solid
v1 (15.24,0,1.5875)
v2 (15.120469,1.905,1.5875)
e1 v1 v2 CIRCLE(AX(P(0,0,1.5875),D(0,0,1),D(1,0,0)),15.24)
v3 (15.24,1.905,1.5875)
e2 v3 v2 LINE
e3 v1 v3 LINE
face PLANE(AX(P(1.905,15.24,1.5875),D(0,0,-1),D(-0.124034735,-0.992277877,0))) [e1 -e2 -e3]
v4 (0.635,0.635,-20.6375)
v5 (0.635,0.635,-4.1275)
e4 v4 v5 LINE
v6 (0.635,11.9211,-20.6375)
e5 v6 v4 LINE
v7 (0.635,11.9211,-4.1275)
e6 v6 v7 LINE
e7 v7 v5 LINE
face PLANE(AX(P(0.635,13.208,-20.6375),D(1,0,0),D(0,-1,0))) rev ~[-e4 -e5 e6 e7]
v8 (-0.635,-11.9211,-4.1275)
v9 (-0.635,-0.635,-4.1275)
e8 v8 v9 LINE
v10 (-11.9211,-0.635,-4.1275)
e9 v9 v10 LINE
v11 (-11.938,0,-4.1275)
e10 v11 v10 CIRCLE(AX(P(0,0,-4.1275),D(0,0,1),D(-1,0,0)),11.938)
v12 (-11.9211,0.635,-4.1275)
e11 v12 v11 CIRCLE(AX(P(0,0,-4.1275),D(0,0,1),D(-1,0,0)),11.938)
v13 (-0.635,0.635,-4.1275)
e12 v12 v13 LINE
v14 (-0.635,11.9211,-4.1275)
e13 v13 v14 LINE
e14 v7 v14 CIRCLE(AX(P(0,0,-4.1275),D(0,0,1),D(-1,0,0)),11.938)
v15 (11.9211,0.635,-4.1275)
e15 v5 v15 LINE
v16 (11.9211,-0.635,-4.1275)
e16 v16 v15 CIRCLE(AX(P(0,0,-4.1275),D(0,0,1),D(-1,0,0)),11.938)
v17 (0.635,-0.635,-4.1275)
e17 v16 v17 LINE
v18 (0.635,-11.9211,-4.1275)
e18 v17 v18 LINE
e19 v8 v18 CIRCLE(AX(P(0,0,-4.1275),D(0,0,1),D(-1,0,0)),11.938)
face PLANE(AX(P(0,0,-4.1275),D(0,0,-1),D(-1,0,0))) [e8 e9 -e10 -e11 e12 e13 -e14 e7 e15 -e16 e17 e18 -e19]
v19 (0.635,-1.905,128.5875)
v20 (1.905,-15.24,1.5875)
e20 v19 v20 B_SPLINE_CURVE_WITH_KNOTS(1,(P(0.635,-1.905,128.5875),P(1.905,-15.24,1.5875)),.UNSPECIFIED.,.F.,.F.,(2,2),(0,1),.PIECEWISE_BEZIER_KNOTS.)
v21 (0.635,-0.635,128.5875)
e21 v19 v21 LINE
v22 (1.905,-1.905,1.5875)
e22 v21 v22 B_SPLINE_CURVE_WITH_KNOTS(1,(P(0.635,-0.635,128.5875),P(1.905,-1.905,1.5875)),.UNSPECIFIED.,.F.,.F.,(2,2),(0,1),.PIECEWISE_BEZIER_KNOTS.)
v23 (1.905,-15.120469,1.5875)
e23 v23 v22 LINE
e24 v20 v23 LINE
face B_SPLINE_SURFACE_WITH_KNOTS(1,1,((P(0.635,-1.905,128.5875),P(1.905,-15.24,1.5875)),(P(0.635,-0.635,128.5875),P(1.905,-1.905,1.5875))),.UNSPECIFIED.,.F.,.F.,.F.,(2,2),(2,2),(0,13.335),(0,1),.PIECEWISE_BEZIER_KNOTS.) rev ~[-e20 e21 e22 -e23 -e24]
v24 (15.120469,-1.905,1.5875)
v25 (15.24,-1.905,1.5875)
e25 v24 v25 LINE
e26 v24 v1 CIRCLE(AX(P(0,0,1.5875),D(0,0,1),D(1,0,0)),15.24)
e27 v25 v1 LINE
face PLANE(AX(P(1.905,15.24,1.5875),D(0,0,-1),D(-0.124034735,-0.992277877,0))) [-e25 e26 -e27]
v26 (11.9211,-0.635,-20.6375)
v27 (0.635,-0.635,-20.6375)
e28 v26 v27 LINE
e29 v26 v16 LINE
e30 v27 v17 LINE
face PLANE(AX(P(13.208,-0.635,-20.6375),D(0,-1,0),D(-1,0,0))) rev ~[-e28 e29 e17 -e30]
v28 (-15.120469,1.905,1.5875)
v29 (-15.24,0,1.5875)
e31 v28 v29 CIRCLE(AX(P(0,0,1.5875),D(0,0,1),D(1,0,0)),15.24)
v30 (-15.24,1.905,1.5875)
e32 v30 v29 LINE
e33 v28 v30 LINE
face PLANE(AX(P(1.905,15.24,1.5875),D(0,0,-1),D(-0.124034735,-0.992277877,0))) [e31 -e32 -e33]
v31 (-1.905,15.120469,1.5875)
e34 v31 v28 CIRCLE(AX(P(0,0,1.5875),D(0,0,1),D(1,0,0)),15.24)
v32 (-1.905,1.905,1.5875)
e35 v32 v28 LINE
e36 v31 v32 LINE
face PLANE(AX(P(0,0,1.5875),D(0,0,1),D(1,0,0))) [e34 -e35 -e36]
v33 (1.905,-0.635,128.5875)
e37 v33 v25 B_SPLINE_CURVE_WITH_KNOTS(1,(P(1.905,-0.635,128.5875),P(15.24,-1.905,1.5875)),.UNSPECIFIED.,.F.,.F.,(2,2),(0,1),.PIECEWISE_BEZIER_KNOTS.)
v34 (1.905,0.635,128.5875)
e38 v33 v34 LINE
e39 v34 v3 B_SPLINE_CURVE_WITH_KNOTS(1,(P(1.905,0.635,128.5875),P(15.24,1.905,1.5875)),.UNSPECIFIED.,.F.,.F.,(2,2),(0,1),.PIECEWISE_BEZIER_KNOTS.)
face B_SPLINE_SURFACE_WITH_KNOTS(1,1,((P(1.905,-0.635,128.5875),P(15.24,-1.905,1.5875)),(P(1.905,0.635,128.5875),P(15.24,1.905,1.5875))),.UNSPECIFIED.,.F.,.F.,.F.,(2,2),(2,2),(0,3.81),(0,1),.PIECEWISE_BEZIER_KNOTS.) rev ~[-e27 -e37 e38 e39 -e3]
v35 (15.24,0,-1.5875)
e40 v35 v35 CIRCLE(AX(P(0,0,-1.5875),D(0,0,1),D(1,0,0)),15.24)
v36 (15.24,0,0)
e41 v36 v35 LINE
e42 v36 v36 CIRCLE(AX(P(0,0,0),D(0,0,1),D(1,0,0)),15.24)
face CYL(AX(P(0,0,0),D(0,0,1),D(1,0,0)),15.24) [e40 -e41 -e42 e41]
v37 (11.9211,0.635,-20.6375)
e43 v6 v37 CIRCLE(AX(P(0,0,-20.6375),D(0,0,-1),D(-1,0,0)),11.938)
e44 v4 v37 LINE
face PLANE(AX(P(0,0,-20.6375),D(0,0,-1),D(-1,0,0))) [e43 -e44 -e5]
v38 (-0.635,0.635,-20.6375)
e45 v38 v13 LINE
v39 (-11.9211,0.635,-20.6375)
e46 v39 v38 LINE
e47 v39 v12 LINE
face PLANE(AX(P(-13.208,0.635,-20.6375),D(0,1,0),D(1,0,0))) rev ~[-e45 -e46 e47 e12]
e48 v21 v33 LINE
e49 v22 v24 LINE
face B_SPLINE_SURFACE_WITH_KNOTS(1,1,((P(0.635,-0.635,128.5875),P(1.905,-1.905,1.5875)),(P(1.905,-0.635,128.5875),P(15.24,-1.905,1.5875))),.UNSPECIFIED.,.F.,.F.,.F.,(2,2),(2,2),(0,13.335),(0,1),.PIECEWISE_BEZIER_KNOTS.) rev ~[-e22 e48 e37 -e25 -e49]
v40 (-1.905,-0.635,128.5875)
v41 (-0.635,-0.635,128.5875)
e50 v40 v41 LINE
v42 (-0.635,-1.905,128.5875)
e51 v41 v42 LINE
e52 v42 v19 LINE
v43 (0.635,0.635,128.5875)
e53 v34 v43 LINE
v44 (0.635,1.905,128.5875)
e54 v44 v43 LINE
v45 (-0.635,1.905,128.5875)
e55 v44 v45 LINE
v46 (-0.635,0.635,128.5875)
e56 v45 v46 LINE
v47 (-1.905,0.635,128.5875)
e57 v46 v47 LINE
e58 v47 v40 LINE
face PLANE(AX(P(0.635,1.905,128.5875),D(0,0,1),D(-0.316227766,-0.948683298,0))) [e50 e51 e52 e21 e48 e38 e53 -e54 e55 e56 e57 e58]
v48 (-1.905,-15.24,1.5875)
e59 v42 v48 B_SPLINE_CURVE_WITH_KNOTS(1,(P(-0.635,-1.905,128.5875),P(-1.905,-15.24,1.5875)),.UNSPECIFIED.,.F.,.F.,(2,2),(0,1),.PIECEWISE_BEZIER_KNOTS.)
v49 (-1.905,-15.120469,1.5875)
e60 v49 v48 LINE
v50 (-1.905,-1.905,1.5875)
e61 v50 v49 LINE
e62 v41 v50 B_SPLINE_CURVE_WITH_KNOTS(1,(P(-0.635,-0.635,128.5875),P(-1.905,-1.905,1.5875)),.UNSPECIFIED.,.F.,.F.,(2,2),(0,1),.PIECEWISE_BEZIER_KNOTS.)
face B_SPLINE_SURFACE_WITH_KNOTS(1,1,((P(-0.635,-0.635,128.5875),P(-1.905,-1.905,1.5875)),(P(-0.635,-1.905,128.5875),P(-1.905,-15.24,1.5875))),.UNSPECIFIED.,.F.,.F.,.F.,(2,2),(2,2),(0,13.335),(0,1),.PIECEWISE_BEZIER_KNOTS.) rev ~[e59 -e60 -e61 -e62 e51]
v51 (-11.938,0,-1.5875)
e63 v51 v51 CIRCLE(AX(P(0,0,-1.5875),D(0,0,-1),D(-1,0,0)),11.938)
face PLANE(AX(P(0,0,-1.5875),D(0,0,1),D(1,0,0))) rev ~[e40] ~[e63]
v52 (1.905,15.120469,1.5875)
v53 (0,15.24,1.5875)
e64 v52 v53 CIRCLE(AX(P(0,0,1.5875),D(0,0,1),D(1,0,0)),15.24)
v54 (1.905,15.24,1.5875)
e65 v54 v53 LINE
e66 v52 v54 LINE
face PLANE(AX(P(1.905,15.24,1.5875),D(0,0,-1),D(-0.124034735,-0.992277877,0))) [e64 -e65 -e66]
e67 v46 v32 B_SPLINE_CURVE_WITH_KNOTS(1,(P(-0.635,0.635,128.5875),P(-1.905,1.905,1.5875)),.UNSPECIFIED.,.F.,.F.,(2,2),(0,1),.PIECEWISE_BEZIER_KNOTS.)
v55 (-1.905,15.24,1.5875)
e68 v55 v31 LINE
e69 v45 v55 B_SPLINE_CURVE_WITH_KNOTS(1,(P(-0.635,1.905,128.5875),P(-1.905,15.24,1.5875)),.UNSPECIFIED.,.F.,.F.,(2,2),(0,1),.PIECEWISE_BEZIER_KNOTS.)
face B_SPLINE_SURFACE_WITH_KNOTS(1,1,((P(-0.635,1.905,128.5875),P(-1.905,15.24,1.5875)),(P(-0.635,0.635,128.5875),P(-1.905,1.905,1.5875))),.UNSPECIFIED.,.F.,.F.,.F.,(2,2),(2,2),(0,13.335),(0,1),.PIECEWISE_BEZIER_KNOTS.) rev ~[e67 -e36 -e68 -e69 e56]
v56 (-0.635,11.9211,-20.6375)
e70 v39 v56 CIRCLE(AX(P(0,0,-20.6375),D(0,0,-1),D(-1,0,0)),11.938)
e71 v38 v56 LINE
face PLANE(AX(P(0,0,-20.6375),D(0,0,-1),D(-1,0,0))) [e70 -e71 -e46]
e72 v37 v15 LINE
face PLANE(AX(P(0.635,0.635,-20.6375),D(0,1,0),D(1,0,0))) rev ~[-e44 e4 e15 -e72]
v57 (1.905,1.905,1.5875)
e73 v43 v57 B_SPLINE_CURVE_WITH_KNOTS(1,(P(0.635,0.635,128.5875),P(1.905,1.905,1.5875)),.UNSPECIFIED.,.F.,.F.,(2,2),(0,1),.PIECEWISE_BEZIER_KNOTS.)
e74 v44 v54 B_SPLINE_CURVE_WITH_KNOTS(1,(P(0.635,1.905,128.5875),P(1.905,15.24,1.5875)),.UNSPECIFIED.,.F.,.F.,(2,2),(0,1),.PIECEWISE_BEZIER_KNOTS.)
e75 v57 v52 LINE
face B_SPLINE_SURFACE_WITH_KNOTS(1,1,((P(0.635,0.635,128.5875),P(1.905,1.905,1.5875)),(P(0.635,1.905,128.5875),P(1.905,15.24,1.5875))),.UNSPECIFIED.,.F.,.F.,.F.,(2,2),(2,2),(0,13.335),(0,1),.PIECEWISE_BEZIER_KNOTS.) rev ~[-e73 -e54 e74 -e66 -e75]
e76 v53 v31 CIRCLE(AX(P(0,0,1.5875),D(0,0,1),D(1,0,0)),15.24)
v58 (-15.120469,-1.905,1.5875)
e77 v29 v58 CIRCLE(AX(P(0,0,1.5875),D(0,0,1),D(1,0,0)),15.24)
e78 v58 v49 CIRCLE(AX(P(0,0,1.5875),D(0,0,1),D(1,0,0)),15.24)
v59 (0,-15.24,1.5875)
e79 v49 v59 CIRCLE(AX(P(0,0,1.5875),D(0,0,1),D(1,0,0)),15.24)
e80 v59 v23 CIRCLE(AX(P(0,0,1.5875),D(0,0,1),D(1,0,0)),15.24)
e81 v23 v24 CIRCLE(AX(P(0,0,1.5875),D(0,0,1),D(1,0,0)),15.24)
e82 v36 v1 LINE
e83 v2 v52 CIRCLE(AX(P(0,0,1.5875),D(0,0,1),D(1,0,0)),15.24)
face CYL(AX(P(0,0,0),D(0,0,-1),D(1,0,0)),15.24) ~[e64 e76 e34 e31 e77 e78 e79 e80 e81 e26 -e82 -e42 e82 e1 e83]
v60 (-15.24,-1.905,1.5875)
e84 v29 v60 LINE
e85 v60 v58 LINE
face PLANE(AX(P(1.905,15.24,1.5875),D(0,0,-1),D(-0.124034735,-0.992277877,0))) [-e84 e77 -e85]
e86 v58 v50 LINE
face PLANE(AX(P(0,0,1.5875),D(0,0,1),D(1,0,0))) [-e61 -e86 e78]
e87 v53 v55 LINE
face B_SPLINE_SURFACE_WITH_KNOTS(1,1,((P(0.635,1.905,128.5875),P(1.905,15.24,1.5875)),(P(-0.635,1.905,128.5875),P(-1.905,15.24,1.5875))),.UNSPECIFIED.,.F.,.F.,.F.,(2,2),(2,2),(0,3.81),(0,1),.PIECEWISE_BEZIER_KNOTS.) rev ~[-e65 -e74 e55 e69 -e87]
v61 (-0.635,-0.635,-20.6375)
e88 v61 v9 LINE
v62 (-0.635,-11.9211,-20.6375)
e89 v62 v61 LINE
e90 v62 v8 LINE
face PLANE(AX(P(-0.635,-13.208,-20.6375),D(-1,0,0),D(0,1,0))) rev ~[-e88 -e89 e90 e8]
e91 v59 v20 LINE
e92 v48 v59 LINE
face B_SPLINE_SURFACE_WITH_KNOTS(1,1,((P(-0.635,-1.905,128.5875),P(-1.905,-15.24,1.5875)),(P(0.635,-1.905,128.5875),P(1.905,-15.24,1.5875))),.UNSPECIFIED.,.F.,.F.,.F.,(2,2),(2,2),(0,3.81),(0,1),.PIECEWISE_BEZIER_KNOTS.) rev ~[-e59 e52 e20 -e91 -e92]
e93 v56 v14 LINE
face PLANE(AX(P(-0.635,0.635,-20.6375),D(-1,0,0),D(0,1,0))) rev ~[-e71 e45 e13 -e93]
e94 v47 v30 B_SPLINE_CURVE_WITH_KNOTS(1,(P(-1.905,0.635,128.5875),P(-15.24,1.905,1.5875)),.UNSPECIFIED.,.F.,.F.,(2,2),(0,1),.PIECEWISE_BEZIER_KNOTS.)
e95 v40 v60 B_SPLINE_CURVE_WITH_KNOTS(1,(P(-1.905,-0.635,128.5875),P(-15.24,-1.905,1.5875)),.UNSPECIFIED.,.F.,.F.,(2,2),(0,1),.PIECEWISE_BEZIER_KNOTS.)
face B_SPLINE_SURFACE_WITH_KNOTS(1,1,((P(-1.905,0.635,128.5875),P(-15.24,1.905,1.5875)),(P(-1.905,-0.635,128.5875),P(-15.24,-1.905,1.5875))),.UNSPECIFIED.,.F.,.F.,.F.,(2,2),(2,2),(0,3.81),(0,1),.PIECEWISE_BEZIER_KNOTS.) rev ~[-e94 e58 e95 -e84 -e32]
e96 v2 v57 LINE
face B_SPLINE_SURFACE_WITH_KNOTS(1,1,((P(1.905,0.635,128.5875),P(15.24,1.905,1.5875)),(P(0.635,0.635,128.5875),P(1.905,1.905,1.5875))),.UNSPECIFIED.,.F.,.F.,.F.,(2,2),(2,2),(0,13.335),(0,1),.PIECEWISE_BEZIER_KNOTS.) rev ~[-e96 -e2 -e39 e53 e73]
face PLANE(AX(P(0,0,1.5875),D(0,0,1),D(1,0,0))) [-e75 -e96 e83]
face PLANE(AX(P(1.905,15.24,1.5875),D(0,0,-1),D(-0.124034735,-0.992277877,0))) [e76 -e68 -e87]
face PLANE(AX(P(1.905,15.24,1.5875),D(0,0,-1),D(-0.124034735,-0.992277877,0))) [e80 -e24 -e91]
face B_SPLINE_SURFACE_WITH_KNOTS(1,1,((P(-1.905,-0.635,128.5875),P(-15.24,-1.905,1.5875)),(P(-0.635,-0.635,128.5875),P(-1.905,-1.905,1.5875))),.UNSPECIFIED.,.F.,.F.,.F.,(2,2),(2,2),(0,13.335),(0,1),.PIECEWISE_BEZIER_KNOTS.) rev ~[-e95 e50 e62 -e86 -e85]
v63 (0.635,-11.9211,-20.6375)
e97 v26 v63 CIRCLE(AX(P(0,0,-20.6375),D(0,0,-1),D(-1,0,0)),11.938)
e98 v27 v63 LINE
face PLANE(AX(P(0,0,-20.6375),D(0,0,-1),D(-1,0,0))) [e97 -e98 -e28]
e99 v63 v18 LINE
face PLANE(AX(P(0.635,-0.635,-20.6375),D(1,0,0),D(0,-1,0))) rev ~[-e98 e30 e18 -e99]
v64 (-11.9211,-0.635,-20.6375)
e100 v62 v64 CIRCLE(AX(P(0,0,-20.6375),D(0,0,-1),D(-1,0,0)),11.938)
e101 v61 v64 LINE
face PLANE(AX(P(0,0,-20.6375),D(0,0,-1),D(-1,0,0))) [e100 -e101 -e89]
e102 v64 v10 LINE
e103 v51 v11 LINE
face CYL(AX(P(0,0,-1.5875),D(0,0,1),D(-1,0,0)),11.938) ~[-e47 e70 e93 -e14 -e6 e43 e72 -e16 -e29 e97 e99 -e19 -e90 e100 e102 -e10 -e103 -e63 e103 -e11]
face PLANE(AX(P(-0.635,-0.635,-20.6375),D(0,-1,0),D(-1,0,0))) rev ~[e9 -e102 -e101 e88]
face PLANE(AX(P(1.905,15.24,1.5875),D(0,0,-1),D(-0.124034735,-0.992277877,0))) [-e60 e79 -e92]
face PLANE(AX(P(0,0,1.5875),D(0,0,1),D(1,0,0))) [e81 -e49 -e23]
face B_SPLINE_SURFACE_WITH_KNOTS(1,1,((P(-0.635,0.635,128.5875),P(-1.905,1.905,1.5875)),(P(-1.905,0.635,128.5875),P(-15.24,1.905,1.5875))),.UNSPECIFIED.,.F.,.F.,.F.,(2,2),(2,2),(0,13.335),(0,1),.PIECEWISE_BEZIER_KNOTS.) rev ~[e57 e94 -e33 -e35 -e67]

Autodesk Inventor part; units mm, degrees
ref_plane "YZ Plane" through (0, 0, 0) normal (1, 0, 0) x (0, 1, 0)
ref_plane "XZ Plane" through (0, 0, 0) normal (0, 1, 0) x (-1, 0, 0)
sketch "Sketch1" plane through (0, 0, 0) normal (0, 0, 1) x (1, 0, 0)
  circle A0 centre (0, 0) radius 15.24
  dimension "d0" = 30.48
extrude "Extrusion1" add sketch "Sketch1" along normal mid plane 3.175
sketch "Sketch2" plane through (0, 0, -1.5875) normal (0, 0, -1) x (-1, 0, 0)
  circle A0 centre (0, 0) radius 11.938
  dimension "d3" = 23.876
extrude "Extrusion2" add sketch "Sketch2" along normal blind 19.05
sketch "Sketch4" plane through (0, 0, 1.5875) normal (0, 0, 1) x (1, 0, 0)
  line L0 (-15.24, 1.905) -> (-15.24, -1.905)
  line L1 (-15.24, -1.905) -> (-1.905, -1.905)
  line L2 (-1.905, -1.905) -> (-1.905, -15.24)
  line L3 (-1.905, -15.24) -> (1.905, -15.24)
  line L4 (1.905, -15.24) -> (1.905, -1.905)
  line L5 (1.905, -1.905) -> (15.24, -1.905)
  line L6 (15.24, -1.905) -> (15.24, 1.905)
  line L7 (15.24, 1.905) -> (1.905, 1.905)
  line L8 (1.905, 1.905) -> (1.905, 15.24)
  line L9 (1.905, 15.24) -> (-1.905, 15.24)
  line L10 (-1.905, 15.24) -> (-1.905, 1.905)
  line L11 (-1.905, 1.905) -> (-15.24, 1.905)
  line L12 (-15.2163, 0) -> (15.24, 0) construction
  circle A0 centre (0, 0) radius 15.24 construction
  line L13 (0.0118, 15.24) -> (0, -15.24) construction
  dimension "d7" = 15.24
  dimension "d8" = 15.24
  dimension "d31" = 3.81
  dimension "d10" = 1.905
  dimension "d11" = 3.81
ref_plane "Work Plane1" through (0, 0, 128.5875) normal (0, 0, 1) x (1, 0, 0)
sketch "Sketch5" plane through (0, 0, 128.5875) normal (0, 0, 1) x (1, 0, 0)
  line L0 (-0.635, 1.905) -> (-0.635, 0.635)
  line L1 (-0.635, 0.635) -> (-1.905, 0.635)
  line L2 (-1.905, 0.635) -> (-1.905, -0.635)
  line L3 (-1.905, -0.635) -> (-0.635, -0.635)
  line L4 (-0.635, -0.635) -> (-0.635, -1.905)
  line L5 (-0.635, -1.905) -> (0.635, -1.905)
  line L6 (0.635, -1.905) -> (0.635, -0.635)
  line L7 (0.635, -0.635) -> (1.905, -0.635)
  line L8 (1.905, -0.635) -> (1.905, 0.635)
  line L9 (1.905, 0.635) -> (0.635, 0.635)
  line L10 (0.635, 1.905) -> (-0.635, 1.905)
  line L11 (0.635, 1.905) -> (0.635, 0.635)
  point P0 (0, 0)
  dimension "d23" = 1.27
  dimension "d24" = 0.635
  dimension "d25" = 0.635
  dimension "d26" = 3.81
  dimension "d27" = 1.905
  dimension "d28" = 1.905
  dimension "d29" = 3.81
  dimension "d30" = 1.27
loft "Loft1" add profiles "Sketch5", "Sketch4"
sketch "Sketch6" plane through (0, 0, -20.6375) normal (0, 0, -1) x (-1, 0, 0)
  line L0 (-13.208, -0.635) -> (13.208, -0.635)
  line L1 (13.208, -0.635) -> (13.208, 0.635)
  line L2 (13.208, 0.635) -> (-13.208, 0.635)
  line L3 (-13.208, 0.635) -> (-13.208, -0.635)
  line L4 (-13.208, -0.635) -> (13.208, 0.635) construction
  line L5 (13.208, -0.635) -> (-13.208, 0.635) construction
  line L6 (-0.635, 13.208) -> (-0.635, -13.208)
  line L7 (-0.635, -13.208) -> (0.635, -13.208)
  line L8 (0.635, -13.208) -> (0.635, 13.208)
  line L9 (0.635, 13.208) -> (-0.635, 13.208)
  line L10 (-0.635, 13.208) -> (0.635, -13.208) construction
  line L11 (-0.635, -13.208) -> (0.635, 13.208) construction
  point P0 (0, 0)
  dimension "d18" = 1.27
  dimension "d19" = 26.416
extrude "Extrusion3" cut sketch "Sketch6" against normal blind 16.51
equation "\"d0\" = outerDiam"
equation "\"d1\" = supportThickness"
equation "\"d3\" = lightSupportDiam"
equation "\"d4\" = lightSupportLength"
equation "\"d7\" = 0.5 * outerDiam"
equation "\"d8\" = 0.5 * outerDiam"
equation "\"d31\" = vaneThickness"
equation "\"d10\" = 0.5 * vaneThickness"
equation "\"d11\" = vaneThickness"
equation "\"d23\" = 0.333333 * vaneEndDiam"
equation "\"d24\" = 0.166667 * vaneEndDiam"
equation "\"d25\" = 0.166667 * vaneEndDiam"
equation "\"d26\" = vaneEndDiam"
equation "\"d27\" = 0.5 * vaneEndDiam"
equation "\"d28\" = 0.5 * vaneEndDiam"
equation "\"d29\" = vaneEndDiam"
equation "\"d30\" = 0.333333 * vaneEndDiam"
equation "\"d18\" = lightSlotWidth"
equation "\"d19\" = lightSlotLength"
equation "\"d20\" = lightSlotDepth"
equation "\"outerDiam\" = 30.48"
equation "\"supportThickness\" = 3.175"
equation "\"lightSupportDiam\" = 23.876"
equation "\"lightSupportLength\" = 19.05"
equation "\"groundLength\" = 127"
equation "\"d12\" = groundLength"
equation "\"lightSlotWidth\" = 1.27"
equation "\"vaneEndDiam\" = 3.81"
equation "\"vaneThickness\" = 3.81"
equation "\"lightSlotLength\" = 26.416"
equation "\"lightSlotDepth\" = 16.51"
properties part number "GroundSupport"
